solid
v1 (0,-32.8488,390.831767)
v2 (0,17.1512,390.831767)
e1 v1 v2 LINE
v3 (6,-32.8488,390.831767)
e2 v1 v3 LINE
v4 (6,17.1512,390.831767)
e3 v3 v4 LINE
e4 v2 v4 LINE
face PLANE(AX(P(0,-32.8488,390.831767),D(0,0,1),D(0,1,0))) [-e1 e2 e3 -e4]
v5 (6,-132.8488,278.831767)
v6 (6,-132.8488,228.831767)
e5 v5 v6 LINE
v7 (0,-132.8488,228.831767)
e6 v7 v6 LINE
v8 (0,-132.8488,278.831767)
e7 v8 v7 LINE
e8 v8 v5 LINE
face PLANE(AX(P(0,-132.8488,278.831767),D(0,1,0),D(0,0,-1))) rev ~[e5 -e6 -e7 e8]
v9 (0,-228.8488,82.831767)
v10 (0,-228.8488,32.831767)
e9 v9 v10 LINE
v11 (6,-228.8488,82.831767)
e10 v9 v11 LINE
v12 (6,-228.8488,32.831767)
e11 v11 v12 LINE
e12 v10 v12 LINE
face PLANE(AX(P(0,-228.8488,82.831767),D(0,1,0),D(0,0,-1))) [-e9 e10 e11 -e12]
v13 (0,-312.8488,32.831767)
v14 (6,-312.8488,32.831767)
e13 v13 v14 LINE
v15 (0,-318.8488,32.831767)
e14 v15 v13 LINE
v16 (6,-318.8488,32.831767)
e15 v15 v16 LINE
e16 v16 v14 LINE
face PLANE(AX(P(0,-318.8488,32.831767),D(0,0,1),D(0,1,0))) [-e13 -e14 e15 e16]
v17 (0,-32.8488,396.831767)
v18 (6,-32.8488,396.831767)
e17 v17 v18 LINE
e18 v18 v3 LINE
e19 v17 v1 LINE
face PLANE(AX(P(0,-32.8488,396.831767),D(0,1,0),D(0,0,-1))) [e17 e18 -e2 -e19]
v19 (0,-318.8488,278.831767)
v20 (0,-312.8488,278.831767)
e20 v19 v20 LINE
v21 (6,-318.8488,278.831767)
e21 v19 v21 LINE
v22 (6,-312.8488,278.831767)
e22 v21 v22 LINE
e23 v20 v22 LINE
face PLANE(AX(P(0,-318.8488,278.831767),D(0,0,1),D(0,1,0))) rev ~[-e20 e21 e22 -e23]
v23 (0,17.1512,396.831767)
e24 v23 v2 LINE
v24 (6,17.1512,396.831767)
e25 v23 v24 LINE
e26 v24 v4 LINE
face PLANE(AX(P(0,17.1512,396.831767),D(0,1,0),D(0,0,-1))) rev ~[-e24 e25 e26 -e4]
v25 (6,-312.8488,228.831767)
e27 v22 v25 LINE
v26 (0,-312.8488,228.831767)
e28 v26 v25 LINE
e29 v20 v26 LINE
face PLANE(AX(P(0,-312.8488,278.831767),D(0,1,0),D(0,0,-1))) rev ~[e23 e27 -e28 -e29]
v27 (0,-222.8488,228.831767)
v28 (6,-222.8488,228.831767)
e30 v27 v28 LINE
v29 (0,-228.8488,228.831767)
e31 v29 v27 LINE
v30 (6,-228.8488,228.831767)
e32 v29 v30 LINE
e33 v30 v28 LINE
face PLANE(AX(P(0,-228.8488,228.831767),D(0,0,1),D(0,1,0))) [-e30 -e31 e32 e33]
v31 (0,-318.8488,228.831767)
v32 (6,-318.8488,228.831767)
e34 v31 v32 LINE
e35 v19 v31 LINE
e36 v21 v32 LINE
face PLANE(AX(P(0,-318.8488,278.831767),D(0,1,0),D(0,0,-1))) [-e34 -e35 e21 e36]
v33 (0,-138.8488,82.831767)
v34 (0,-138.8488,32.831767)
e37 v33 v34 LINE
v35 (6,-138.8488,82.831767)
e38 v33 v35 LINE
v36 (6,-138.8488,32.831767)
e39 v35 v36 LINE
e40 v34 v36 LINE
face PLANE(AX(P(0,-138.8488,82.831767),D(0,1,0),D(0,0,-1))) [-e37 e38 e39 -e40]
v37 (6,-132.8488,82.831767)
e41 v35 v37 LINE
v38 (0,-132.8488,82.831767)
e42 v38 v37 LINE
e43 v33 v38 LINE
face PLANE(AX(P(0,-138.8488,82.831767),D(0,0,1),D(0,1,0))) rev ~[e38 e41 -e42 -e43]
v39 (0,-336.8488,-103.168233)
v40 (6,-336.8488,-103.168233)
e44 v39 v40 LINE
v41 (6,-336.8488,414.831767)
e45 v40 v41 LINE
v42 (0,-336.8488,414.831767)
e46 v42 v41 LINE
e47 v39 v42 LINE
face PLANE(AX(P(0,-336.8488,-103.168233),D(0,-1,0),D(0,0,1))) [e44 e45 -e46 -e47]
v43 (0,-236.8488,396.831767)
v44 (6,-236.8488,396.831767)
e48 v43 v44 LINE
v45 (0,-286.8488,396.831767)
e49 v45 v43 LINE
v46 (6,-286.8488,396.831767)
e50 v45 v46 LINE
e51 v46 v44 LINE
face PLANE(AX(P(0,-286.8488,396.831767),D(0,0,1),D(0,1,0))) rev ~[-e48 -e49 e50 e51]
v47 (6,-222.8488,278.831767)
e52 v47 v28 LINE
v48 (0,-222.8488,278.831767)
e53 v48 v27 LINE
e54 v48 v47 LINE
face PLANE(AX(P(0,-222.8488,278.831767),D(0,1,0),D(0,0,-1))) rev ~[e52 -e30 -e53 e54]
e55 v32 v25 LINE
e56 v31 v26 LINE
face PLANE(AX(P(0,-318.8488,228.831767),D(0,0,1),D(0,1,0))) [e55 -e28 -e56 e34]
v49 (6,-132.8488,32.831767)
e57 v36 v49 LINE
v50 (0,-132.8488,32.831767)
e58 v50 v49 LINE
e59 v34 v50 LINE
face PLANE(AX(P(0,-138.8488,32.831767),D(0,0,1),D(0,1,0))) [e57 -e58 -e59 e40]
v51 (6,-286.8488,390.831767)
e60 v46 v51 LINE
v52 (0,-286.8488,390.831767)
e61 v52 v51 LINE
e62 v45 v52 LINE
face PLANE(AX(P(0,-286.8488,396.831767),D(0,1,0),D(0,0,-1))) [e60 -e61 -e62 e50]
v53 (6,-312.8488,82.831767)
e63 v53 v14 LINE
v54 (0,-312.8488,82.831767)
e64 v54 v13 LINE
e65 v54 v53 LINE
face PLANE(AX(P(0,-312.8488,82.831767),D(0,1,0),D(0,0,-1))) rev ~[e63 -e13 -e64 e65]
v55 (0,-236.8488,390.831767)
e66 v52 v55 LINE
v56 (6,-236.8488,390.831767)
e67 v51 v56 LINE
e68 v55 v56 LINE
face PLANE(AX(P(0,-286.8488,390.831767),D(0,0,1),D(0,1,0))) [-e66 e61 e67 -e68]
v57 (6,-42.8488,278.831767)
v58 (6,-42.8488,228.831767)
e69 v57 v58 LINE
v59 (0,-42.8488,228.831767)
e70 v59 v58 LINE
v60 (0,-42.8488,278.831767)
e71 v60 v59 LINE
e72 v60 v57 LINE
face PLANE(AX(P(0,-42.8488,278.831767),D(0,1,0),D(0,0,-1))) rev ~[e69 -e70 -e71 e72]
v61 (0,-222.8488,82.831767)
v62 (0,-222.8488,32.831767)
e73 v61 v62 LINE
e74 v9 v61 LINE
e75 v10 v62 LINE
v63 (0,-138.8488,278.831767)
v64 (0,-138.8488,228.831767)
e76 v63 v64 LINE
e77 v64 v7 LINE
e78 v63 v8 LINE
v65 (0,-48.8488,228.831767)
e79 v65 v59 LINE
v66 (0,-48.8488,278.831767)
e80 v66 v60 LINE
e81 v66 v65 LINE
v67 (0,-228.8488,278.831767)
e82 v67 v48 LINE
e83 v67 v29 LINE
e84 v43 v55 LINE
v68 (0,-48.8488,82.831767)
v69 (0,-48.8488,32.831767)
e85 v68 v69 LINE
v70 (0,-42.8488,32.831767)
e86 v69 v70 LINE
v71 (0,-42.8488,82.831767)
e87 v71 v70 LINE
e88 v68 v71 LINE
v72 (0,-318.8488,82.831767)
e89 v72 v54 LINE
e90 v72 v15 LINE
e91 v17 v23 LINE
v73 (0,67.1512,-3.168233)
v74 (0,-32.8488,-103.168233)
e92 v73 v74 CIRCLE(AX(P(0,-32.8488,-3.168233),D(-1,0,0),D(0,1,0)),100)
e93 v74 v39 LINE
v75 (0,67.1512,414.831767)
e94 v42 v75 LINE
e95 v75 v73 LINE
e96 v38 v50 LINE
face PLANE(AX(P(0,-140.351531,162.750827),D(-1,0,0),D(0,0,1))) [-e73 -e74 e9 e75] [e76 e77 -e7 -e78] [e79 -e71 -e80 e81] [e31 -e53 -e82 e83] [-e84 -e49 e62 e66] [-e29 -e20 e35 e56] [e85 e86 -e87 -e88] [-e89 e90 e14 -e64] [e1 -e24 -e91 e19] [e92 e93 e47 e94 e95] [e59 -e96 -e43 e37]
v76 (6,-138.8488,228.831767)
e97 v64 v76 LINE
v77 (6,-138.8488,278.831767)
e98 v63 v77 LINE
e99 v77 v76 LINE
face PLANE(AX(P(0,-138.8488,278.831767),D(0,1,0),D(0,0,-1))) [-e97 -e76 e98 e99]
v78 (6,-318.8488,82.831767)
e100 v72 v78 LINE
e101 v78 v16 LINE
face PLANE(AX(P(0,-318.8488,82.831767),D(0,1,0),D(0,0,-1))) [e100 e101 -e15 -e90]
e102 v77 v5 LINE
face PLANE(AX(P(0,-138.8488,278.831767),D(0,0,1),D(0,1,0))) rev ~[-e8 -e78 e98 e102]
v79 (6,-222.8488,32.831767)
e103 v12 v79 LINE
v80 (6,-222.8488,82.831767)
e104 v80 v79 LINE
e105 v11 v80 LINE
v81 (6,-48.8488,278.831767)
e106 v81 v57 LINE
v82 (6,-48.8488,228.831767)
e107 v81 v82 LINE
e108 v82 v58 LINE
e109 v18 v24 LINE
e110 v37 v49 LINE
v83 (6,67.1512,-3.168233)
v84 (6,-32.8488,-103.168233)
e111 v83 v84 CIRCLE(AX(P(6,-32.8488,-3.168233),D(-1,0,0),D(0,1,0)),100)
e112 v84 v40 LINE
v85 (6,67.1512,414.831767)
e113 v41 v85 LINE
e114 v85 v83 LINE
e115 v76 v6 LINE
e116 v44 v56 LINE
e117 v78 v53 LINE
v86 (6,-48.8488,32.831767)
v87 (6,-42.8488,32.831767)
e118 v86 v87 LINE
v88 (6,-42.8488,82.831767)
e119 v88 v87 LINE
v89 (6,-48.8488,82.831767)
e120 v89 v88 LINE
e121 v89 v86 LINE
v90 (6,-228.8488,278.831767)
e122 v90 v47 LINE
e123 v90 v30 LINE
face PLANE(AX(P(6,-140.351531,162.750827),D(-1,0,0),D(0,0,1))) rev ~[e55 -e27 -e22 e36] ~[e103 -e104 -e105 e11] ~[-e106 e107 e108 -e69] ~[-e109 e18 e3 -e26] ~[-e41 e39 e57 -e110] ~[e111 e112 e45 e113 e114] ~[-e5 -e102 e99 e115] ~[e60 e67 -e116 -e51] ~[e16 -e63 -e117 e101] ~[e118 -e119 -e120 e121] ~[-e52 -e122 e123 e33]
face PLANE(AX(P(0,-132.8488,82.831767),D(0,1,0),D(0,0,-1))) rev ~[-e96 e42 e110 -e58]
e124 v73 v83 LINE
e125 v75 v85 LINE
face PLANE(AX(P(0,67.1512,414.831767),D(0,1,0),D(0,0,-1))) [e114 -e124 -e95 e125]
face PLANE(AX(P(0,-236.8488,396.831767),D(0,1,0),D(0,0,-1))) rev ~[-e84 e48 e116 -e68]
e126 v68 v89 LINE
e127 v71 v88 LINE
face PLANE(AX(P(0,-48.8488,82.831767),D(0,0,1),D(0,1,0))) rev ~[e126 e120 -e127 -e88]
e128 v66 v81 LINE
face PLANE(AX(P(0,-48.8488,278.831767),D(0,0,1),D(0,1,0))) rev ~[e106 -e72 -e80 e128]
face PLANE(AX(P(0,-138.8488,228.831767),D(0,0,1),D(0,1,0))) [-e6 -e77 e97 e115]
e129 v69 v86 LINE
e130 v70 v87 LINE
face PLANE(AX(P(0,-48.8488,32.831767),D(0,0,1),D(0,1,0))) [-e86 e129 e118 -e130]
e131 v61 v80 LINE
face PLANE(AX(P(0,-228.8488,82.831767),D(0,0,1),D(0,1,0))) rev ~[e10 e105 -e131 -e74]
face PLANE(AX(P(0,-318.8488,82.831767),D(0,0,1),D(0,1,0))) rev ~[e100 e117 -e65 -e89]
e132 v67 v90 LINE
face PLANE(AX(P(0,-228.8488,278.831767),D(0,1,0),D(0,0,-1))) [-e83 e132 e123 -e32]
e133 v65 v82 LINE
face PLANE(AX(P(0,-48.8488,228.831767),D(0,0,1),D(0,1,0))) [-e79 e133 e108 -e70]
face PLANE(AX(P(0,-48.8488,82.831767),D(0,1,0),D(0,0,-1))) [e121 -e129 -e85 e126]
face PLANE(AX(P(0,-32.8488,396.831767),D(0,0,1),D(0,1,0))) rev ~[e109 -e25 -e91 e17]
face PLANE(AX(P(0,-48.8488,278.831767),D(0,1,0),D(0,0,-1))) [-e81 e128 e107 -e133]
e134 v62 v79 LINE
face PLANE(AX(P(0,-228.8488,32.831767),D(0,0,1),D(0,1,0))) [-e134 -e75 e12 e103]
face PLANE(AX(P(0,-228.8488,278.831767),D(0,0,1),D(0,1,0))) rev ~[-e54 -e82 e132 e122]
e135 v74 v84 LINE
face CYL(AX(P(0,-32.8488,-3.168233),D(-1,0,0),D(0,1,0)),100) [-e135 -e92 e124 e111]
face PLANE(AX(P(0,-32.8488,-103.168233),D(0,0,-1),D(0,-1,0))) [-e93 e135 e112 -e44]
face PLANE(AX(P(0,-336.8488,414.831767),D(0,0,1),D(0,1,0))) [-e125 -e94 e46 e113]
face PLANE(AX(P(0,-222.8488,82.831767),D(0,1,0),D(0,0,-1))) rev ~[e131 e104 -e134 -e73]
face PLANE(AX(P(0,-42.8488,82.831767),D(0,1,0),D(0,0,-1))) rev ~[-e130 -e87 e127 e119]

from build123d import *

# Parameters (mm, degrees)
SKETCH1_W           = 6
SKETCH1_H           = 50
SKETCH1_W_2         = 50
SKETCH1_H_2         = 6
BOSS_EXTRUDE1_DEPTH = 6


with BuildPart() as part:
    # Sketch1 → Boss-Extrude1 (new body)
    with BuildSketch(Plane(origin=(0, 0, 0), x_dir=(0, 0, -1), z_dir=(1, 0, 0))):
        with BuildLine():
            Line((-414.831767264, 67.151199882), (3.168232736, 67.151199882))
            ThreePointArc((3.168232736, 67.151199882), (73.878910855, 37.861878001), (103.168232736, -32.848800118))
            Line((103.168232736, -32.848800118), (103.168232736, -336.848800118))
            Line((103.168232736, -336.848800118), (-414.831767264, -336.848800118))
            Line((-414.831767264, -336.848800118), (-414.831767264, 67.151199882))
        make_face()
        with Locations((-393.831767264, -7.848800118)):
            Rectangle(SKETCH1_W, SKETCH1_H, mode=Mode.SUBTRACT)
        with Locations((-393.831767264, -261.848800118)):
            Rectangle(SKETCH1_W, SKETCH1_H, mode=Mode.SUBTRACT)
        with Locations((-253.831767264, -315.848800118)):
            Rectangle(SKETCH1_W_2, SKETCH1_H_2, mode=Mode.SUBTRACT)
        with Locations((-57.831767264, -315.848800118)):
            Rectangle(SKETCH1_W_2, SKETCH1_H_2, mode=Mode.SUBTRACT)
        with Locations((-253.831767264, -225.848800118)):
            Rectangle(SKETCH1_W_2, SKETCH1_H_2, mode=Mode.SUBTRACT)
        with Locations((-57.831767264, -225.848800118)):
            Rectangle(SKETCH1_W_2, SKETCH1_H_2, mode=Mode.SUBTRACT)
        with Locations((-253.831767264, -135.848800118)):
            Rectangle(SKETCH1_W_2, SKETCH1_H_2, mode=Mode.SUBTRACT)
        with Locations((-57.831767264, -135.848800118)):
            Rectangle(SKETCH1_W_2, SKETCH1_H_2, mode=Mode.SUBTRACT)
        with Locations((-253.831767264, -45.848800118)):
            Rectangle(SKETCH1_W_2, SKETCH1_H_2, mode=Mode.SUBTRACT)
        with Locations((-57.831767264, -45.848800118)):
            Rectangle(SKETCH1_W_2, SKETCH1_H_2, mode=Mode.SUBTRACT)
    extrude(amount=BOSS_EXTRUDE1_DEPTH)


solid = part.part
